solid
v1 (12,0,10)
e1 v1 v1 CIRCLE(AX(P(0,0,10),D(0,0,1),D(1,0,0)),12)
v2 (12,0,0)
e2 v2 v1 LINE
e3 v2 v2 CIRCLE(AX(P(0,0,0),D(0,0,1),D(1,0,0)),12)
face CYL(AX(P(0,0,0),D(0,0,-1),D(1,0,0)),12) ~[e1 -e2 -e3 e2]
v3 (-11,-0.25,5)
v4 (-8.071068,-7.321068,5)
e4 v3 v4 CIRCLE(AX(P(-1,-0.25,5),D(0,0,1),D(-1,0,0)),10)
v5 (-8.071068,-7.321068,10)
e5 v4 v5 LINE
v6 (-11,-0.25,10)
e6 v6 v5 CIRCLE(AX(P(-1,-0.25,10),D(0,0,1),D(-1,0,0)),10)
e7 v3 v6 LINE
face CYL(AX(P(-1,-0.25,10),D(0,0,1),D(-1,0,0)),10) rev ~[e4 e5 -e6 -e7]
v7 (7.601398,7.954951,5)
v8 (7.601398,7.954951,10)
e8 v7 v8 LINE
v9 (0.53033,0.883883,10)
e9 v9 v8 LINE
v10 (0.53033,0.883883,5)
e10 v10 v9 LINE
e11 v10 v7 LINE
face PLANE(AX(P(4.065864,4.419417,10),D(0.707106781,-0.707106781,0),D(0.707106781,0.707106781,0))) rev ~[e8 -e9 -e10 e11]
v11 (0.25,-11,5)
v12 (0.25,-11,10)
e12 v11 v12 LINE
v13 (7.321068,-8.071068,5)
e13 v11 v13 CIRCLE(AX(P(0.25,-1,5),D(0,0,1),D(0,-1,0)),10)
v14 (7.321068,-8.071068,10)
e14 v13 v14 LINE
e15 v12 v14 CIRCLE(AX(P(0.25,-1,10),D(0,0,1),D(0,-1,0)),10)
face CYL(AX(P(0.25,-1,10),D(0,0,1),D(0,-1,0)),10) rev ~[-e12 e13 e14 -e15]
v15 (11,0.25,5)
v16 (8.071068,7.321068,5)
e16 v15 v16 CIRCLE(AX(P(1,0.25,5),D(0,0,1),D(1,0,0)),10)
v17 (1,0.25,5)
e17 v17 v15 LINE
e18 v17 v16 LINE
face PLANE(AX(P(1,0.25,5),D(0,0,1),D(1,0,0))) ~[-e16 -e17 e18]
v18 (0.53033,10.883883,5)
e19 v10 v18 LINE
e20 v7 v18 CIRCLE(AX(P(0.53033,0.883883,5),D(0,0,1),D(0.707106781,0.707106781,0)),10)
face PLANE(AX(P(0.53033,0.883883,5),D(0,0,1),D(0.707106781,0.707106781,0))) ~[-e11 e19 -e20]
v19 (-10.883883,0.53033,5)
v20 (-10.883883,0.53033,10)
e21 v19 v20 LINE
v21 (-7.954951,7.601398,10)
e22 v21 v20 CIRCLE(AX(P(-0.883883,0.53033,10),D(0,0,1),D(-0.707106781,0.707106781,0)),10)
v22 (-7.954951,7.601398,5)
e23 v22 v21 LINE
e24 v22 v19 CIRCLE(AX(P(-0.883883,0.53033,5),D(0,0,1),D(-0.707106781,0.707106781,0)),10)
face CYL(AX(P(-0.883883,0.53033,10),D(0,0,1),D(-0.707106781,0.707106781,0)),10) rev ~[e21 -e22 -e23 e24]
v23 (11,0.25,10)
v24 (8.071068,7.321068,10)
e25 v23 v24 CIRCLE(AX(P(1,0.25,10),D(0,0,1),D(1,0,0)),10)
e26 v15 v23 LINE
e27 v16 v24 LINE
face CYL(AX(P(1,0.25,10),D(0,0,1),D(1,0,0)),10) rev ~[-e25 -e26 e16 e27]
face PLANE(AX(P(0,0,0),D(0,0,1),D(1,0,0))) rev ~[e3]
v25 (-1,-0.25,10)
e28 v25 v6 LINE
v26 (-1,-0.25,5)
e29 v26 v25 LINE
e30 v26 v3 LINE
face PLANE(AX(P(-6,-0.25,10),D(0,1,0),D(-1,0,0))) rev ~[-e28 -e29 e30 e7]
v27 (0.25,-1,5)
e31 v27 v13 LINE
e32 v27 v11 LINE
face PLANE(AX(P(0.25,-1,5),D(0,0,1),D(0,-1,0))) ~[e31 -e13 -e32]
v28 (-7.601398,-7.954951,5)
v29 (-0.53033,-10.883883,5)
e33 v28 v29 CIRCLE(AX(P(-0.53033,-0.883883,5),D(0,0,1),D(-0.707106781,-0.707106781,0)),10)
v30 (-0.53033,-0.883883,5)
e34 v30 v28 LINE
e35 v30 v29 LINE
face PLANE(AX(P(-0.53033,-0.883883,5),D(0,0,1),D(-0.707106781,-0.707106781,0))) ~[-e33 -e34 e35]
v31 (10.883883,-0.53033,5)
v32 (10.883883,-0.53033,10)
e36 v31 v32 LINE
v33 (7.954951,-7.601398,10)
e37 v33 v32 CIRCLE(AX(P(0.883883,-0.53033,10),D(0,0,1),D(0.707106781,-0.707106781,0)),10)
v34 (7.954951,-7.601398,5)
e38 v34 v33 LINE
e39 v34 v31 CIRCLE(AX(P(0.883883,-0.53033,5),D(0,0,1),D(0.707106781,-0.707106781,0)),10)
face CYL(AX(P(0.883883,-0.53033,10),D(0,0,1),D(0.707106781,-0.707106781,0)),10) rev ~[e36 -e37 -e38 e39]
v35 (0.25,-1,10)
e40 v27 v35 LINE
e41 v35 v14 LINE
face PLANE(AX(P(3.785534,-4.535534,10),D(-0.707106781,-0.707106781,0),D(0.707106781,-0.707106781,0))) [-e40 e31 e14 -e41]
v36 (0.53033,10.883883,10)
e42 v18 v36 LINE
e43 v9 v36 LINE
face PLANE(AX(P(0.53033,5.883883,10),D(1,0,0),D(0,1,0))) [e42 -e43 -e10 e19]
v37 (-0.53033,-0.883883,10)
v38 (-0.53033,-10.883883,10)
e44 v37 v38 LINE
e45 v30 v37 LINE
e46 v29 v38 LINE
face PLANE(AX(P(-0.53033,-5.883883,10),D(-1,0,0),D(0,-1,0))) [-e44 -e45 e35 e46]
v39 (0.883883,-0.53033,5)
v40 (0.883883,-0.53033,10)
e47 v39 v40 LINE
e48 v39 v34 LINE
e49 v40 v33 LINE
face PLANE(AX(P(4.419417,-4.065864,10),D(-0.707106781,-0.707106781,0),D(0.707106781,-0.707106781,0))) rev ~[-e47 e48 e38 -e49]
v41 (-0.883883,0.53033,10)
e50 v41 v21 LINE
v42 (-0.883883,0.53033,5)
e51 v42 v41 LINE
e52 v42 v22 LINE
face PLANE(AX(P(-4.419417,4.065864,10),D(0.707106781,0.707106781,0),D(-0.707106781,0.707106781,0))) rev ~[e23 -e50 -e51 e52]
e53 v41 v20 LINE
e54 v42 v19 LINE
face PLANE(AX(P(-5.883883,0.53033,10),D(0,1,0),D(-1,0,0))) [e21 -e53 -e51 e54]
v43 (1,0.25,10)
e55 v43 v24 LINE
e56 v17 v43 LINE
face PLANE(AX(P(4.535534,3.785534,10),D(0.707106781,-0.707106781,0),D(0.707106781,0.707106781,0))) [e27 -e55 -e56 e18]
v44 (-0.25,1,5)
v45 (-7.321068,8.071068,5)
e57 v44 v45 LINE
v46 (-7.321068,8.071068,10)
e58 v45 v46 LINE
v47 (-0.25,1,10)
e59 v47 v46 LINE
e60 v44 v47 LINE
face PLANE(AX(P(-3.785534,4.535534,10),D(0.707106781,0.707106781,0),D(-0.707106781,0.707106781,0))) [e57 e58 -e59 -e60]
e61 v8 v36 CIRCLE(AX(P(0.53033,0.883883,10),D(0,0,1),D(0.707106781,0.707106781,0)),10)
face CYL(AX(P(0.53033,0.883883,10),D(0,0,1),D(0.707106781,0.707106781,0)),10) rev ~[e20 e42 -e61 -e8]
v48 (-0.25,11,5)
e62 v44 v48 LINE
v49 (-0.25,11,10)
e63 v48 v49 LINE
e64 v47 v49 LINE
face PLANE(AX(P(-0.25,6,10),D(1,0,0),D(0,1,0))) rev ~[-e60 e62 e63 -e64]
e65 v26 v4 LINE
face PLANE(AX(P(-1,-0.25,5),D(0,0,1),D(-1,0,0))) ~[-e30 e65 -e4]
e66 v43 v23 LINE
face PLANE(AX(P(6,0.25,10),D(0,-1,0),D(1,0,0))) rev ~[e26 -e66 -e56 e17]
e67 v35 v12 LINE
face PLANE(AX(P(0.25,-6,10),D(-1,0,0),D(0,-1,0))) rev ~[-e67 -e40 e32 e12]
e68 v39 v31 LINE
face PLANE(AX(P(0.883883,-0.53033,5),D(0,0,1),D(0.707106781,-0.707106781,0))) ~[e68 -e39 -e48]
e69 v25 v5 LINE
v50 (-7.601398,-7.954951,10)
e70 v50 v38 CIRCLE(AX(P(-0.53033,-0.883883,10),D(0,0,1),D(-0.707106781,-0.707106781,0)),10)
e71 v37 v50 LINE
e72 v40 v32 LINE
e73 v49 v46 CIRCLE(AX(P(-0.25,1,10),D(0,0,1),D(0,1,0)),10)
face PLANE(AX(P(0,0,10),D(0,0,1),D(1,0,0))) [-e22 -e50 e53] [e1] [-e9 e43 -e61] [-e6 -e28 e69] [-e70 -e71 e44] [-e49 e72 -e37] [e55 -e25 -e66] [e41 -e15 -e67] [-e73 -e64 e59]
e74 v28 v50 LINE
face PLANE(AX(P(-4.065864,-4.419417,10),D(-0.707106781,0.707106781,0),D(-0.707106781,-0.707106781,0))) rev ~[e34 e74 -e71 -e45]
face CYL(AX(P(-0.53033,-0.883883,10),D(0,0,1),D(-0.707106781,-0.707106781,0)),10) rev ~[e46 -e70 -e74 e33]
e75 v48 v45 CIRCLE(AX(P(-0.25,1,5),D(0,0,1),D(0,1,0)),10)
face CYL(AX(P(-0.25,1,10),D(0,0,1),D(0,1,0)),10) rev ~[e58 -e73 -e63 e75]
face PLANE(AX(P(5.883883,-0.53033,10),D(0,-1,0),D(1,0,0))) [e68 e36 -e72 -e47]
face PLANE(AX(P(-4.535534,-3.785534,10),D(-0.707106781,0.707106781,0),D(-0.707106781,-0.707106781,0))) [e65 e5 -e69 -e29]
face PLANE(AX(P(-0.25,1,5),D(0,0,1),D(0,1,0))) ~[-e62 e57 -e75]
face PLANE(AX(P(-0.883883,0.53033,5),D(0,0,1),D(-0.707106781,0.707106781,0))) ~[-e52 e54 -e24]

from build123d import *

# Parameters (mm, degrees)
CYLINDER001_W     = 10
CYLINDER001_H     = 10
CYLINDER001_ANGLE = 45
ARRAY_COUNT       = 8
CYLINDER_R        = 12
CYLINDER_DEPTH    = 10


with BuildPart() as array:
    # Cylinder001 → Cylinder001 (revolve)
    with BuildSketch(Plane(origin=(1, 0.25, 0), x_dir=(1, 0, 0), z_dir=(0, -1, 0))):
        with Locations((5, 5)):
            Rectangle(CYLINDER001_W, CYLINDER001_H)
    revolve(axis=Axis((1, 0.25, 0), (0, 0, 1)), revolution_arc=CYLINDER001_ANGLE)

    # Array: Array ×8 about axis
    array_axis = Axis((0, 0, 0), (0, 0, 1))


with BuildPart() as array_1:
    add(array.part)
    for i in range(1, ARRAY_COUNT):
        add(array.part.rotate(array_axis, i * 360 / ARRAY_COUNT))


with BuildPart() as array_2:
    # Array placement: moved
    add(array_1.part.moved(Location((0, 0, 5))))


with BuildPart() as cut:
    # Cylinder → Cylinder (new body)
    with BuildSketch(Plane.XY):
        Circle(CYLINDER_R)
    extrude(amount=CYLINDER_DEPTH)

    # Cut: cut Array
    add(array_2.part, mode=Mode.SUBTRACT)


solid = cut.part
